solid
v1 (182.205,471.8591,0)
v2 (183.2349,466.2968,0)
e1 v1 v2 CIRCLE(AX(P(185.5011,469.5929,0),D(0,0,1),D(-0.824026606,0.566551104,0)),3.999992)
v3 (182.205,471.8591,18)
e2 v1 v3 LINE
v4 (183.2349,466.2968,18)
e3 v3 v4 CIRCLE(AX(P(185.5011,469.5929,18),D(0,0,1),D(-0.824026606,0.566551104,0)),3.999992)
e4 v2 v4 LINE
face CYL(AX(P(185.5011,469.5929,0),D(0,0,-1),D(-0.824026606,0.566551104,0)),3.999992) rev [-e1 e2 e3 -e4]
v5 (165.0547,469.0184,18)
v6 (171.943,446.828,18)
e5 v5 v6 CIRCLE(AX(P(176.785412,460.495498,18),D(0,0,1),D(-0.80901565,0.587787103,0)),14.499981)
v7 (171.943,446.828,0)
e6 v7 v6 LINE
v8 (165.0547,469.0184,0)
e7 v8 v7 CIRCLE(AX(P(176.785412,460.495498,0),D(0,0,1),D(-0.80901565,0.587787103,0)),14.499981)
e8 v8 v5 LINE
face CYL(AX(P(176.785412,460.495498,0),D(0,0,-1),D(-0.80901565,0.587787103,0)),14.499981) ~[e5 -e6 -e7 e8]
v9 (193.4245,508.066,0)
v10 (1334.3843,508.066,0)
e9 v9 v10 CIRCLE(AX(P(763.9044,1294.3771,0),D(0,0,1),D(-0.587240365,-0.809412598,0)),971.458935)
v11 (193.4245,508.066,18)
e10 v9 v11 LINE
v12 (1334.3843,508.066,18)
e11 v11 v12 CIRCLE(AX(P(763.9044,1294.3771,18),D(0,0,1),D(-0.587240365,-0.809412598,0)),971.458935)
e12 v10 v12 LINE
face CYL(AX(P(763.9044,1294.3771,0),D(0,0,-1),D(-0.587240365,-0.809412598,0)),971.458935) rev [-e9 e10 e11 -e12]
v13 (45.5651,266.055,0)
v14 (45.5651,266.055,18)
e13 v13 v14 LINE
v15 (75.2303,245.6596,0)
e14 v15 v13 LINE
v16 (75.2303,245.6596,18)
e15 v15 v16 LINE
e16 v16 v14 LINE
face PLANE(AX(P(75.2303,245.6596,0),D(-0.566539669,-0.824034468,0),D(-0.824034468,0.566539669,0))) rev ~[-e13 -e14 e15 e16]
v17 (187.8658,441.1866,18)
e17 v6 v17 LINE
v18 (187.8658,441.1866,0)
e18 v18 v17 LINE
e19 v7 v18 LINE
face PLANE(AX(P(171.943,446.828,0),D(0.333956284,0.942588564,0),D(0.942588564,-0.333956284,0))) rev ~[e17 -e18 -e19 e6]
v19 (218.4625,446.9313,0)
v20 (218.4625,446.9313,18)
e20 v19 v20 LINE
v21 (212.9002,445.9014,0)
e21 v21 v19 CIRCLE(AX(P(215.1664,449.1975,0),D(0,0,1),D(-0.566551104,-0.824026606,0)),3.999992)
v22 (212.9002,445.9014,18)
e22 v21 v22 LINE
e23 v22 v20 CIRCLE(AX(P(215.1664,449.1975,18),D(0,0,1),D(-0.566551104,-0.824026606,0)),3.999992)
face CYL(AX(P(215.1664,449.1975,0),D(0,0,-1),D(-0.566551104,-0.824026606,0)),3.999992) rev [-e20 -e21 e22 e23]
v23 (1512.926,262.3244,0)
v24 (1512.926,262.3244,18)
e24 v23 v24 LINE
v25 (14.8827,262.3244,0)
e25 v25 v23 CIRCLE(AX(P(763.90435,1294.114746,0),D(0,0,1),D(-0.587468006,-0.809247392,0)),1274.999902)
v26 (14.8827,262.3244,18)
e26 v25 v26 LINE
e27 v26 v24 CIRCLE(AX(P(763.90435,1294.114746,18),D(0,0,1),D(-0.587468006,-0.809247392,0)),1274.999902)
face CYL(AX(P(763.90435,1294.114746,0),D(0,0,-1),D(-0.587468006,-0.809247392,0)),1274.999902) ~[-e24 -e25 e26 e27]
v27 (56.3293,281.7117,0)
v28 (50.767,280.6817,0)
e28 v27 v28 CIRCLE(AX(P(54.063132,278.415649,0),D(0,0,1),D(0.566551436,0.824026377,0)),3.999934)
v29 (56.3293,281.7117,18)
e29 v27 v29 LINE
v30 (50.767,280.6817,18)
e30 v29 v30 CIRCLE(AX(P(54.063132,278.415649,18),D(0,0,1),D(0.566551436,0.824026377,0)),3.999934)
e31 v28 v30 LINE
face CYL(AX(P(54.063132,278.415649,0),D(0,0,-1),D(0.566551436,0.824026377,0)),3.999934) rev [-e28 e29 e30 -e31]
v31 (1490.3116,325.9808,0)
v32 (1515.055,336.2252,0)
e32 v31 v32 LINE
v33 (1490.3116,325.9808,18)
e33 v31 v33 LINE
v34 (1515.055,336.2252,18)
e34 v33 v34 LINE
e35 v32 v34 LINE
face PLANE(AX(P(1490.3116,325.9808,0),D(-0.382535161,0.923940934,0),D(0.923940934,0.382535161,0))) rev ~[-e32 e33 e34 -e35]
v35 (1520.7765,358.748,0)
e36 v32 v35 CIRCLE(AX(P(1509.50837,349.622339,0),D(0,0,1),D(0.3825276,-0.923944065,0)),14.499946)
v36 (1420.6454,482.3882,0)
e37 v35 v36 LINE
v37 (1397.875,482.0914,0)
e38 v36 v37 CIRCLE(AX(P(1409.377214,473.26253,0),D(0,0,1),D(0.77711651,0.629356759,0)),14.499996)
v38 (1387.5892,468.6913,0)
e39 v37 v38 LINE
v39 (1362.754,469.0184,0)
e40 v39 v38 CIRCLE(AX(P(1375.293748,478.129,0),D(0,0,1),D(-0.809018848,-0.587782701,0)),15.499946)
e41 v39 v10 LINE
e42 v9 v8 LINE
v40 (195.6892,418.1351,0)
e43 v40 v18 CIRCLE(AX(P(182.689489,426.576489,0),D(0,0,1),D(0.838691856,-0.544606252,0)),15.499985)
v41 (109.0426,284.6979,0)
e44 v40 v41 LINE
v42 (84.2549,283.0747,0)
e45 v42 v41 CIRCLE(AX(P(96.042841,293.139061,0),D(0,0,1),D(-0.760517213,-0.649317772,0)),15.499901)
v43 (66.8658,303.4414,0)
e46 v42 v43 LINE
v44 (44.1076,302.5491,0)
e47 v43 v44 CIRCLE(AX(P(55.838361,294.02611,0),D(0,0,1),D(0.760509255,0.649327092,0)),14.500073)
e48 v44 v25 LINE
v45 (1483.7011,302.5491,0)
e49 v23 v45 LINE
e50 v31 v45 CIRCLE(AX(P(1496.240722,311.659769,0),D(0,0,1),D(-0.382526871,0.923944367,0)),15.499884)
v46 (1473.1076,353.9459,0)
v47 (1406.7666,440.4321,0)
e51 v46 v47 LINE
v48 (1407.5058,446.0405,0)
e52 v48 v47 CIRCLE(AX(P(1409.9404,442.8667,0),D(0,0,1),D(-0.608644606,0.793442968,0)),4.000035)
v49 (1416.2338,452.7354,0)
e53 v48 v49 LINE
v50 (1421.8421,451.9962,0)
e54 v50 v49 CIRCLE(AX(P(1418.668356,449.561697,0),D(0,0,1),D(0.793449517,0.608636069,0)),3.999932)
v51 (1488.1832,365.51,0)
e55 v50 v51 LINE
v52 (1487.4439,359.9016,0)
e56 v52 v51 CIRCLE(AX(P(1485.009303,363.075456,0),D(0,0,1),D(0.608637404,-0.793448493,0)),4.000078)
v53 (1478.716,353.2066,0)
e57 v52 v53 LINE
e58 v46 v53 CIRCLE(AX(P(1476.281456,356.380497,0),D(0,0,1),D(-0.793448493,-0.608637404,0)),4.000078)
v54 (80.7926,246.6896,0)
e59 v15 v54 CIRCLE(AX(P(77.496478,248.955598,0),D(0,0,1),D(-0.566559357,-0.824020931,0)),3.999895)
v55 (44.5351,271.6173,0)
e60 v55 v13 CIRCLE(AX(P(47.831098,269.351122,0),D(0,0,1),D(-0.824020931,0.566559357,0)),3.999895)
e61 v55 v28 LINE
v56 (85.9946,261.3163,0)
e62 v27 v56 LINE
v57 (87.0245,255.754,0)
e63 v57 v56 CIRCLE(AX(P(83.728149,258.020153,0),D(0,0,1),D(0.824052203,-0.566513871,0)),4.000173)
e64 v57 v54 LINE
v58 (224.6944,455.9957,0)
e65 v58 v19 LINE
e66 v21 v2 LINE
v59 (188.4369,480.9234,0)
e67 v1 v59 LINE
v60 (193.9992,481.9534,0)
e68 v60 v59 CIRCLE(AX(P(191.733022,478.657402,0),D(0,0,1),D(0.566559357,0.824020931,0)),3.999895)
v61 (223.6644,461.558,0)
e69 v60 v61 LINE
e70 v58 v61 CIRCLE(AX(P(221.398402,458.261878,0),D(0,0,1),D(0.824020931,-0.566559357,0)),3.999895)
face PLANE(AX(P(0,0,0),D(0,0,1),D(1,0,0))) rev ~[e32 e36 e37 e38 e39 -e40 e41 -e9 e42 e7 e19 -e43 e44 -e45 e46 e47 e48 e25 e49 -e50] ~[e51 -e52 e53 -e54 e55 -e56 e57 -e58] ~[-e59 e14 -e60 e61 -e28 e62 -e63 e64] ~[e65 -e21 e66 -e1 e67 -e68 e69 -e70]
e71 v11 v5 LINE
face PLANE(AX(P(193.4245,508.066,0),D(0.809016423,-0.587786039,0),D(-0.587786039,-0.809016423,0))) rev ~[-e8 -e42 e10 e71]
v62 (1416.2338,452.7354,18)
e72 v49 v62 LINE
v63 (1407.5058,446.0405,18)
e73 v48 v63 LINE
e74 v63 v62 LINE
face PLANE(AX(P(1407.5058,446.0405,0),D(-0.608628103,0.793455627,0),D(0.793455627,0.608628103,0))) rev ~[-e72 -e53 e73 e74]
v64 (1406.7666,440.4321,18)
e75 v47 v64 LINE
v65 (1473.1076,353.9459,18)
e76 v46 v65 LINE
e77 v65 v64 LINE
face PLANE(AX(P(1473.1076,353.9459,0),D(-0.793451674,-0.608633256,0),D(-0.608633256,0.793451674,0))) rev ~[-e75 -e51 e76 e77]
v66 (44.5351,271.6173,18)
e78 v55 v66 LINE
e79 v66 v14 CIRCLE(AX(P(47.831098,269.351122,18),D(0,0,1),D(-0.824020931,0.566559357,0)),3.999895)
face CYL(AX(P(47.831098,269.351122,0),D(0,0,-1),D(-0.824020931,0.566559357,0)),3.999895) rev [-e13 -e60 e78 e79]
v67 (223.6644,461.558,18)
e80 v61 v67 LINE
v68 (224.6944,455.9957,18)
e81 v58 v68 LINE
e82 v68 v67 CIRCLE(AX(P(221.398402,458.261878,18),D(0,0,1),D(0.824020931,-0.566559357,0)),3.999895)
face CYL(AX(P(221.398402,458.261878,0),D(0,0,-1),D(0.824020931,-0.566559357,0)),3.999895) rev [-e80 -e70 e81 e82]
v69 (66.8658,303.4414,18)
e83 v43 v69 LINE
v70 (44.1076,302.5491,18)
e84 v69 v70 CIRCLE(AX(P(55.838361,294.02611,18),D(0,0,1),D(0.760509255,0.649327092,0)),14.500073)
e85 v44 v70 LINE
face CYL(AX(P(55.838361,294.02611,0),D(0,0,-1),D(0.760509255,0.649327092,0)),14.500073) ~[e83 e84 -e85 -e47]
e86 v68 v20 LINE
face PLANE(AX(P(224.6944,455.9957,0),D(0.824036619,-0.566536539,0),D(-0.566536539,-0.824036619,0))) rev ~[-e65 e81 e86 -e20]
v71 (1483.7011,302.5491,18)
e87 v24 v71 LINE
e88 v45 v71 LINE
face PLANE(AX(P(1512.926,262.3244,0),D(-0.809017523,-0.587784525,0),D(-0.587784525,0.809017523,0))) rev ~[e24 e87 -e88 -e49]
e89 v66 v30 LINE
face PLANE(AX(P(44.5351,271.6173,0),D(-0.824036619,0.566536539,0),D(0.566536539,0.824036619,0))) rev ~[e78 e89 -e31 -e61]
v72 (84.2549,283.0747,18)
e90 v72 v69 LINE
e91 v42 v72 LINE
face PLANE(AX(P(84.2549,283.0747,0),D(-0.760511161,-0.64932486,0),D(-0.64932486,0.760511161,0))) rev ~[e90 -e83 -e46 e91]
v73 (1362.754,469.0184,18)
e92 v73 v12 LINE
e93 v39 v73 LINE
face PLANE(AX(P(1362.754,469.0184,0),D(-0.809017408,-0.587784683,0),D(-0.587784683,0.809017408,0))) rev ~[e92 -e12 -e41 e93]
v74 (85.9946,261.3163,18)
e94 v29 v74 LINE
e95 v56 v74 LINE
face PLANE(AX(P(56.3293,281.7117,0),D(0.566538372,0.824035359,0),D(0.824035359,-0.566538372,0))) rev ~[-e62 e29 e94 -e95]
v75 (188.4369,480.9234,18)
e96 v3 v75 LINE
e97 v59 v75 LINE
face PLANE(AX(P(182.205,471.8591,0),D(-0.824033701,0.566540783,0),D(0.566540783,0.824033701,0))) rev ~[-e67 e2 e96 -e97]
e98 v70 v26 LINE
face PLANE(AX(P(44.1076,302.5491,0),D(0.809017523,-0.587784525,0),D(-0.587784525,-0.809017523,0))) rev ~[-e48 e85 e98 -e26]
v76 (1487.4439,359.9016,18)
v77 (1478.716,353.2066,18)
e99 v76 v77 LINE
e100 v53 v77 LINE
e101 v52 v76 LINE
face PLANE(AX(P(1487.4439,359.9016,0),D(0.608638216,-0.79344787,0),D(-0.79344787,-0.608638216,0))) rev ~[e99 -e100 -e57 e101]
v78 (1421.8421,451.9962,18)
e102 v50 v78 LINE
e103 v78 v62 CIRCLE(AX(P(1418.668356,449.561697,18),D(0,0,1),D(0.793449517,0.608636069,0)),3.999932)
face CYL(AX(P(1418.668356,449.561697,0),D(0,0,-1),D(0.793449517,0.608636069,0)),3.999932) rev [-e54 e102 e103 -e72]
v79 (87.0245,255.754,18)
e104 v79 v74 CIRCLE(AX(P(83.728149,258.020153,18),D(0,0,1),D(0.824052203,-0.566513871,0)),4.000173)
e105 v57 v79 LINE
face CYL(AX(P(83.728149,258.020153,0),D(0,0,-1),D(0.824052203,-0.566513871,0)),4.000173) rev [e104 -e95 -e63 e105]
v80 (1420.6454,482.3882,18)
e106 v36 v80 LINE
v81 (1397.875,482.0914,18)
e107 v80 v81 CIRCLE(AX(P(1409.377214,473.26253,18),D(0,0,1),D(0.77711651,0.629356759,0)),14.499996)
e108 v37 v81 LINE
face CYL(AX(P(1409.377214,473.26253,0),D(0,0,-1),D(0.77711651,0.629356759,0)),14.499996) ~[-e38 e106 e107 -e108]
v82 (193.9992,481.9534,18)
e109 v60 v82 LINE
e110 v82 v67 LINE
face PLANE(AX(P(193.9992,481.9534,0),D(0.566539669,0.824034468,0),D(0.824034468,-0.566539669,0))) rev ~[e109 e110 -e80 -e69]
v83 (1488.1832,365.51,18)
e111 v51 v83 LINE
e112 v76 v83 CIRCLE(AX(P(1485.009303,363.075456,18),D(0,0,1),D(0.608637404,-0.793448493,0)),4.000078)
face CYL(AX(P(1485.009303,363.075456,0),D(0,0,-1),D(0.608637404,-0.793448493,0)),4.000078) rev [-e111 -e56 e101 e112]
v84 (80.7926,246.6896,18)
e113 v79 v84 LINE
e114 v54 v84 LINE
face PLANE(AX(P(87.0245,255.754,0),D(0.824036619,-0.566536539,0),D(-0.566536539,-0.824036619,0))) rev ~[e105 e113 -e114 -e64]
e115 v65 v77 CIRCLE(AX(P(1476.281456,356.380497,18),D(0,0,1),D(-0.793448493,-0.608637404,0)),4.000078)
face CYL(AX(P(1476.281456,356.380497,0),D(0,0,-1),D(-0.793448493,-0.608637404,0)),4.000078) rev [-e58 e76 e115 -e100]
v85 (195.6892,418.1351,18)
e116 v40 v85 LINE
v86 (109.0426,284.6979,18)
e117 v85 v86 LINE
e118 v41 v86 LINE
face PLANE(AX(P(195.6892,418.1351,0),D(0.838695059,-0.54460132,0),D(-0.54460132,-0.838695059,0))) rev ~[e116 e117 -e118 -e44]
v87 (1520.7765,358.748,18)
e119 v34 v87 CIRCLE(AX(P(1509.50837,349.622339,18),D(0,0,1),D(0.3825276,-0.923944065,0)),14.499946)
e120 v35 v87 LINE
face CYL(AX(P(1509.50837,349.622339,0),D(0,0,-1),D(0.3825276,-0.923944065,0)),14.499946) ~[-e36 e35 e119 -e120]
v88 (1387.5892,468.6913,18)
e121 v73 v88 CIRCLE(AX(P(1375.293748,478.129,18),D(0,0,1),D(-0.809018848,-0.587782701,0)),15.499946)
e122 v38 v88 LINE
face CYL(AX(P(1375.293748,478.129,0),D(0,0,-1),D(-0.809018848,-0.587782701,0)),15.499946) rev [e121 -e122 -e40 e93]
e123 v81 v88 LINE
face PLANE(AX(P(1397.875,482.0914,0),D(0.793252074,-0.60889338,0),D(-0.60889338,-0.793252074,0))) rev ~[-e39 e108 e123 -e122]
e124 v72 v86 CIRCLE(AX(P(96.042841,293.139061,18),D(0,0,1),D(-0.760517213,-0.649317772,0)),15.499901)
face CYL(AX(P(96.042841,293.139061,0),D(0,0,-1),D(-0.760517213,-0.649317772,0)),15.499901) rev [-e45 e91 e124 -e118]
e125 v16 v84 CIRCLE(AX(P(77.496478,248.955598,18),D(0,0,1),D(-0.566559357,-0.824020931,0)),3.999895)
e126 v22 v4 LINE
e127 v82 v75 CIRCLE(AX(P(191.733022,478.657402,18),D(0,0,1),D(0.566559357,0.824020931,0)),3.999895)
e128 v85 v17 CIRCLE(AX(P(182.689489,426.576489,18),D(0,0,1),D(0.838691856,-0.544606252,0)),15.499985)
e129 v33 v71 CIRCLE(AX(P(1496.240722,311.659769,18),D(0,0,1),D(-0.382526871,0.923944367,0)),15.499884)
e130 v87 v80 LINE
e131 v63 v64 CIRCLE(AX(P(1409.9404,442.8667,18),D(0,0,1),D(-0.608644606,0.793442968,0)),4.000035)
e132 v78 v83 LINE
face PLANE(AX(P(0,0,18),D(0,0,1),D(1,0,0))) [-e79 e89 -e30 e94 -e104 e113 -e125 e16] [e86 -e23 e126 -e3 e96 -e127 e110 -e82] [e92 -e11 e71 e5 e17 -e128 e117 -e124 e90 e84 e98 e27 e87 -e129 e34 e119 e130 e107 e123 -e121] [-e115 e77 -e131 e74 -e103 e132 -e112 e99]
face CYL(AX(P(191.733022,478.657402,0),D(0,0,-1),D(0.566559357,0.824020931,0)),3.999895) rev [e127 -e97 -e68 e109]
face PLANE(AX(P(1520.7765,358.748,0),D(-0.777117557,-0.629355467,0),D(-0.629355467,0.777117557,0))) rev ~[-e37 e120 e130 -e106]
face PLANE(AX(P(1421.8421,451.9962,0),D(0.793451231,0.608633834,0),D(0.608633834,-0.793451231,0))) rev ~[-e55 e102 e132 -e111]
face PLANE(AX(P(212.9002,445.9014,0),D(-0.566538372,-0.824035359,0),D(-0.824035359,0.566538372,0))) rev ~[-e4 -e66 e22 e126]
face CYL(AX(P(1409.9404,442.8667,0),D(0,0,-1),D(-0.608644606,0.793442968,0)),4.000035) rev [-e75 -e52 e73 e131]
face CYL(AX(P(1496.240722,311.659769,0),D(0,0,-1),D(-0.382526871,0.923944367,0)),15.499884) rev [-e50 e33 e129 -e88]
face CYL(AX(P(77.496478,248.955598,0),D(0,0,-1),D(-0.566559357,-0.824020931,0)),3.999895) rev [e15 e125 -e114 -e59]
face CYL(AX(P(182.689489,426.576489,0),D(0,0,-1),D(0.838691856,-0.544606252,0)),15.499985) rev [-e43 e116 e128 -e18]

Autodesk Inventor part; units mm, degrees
ref_plane "YZ Plane" through (0, 0, 0) normal (1, 0, 0) x (0, 1, 0)
ref_plane "XZ Plane" through (0, 0, 0) normal (0, 1, 0) x (-1, 0, 0)
ref_plane "XY Plane" through (0, 0, 0) normal (0, 0, 1) x (1, 0, 0)
sketch "CONTOURS" plane through (0, 0, 0) normal (0, 0, 1) x (1, 0, 0)
  line L0 (1512.926, 262.3244) -> (1483.7011, 302.5491)
  arc A0 (1490.3116, 325.9808) -> (1483.7011, 302.5491) centre (1496.2408, 311.6597) ccw
  line L1 (1490.3116, 325.9808) -> (1515.055, 336.2252)
  arc A1 (1515.055, 336.2252) -> (1520.7765, 358.748) centre (1509.5083, 349.6224) ccw
  line L2 (1520.7765, 358.748) -> (1420.6454, 482.3882)
  arc A2 (1420.6454, 482.3882) -> (1397.875, 482.0914) centre (1409.3772, 473.2625) ccw
  line L3 (1397.875, 482.0914) -> (1387.5892, 468.6913)
  arc A3 (1362.754, 469.0184) -> (1387.5892, 468.6913) centre (1375.2938, 478.1291) ccw
  line L4 (1362.754, 469.0184) -> (1334.3843, 508.066)
  arc A4 (193.4245, 508.066) -> (1334.3843, 508.066) centre (763.9044, 1294.3771) ccw
  line L5 (193.4245, 508.066) -> (165.0547, 469.0184)
  arc A5 (165.0547, 469.0184) -> (171.943, 446.828) centre (176.7854, 460.4955) ccw
  line L6 (171.943, 446.828) -> (187.8658, 441.1866)
  arc A6 (195.6892, 418.1351) -> (187.8658, 441.1866) centre (182.6894, 426.5765) ccw
  line L7 (195.6892, 418.1351) -> (109.0426, 284.6979)
  arc A7 (84.2549, 283.0747) -> (109.0426, 284.6979) centre (96.0429, 293.1392) ccw
  line L8 (84.2549, 283.0747) -> (66.8658, 303.4414)
  arc A8 (66.8658, 303.4414) -> (44.1076, 302.5491) centre (55.8384, 294.0262) ccw
  line L9 (44.1076, 302.5491) -> (14.8827, 262.3244)
  arc A9 (14.8827, 262.3244) -> (1512.926, 262.3244) centre (763.9044, 1294.1149) ccw
sketch "HOLES" plane through (0, 0, 0) normal (0, 0, 1) x (1, 0, 0)
  line L0 (224.6944, 455.9957) -> (218.4625, 446.9313)
  arc A0 (212.9002, 445.9014) -> (218.4625, 446.9313) centre (215.1664, 449.1975) ccw
  line L1 (212.9002, 445.9014) -> (183.2349, 466.2968)
  arc A1 (182.205, 471.8591) -> (183.2349, 466.2968) centre (185.5011, 469.5929) ccw
  line L2 (182.205, 471.8591) -> (188.4369, 480.9234)
  arc A2 (193.9992, 481.9534) -> (188.4369, 480.9234) centre (191.733, 478.6573) ccw
  line L3 (193.9992, 481.9534) -> (223.6644, 461.558)
  arc A3 (224.6944, 455.9957) -> (223.6644, 461.558) centre (221.3983, 458.2619) ccw
  line L4 (87.0245, 255.754) -> (80.7926, 246.6896)
  arc A4 (75.2303, 245.6596) -> (80.7926, 246.6896) centre (77.4965, 248.9557) ccw
  line L5 (75.2303, 245.6596) -> (45.5651, 266.055)
  arc A5 (44.5351, 271.6173) -> (45.5651, 266.055) centre (47.8312, 269.3511) ccw
  line L6 (44.5351, 271.6173) -> (50.767, 280.6817)
  arc A6 (56.3293, 281.7117) -> (50.767, 280.6817) centre (54.0631, 278.4155) ccw
  line L7 (56.3293, 281.7117) -> (85.9946, 261.3163)
  arc A7 (87.0245, 255.754) -> (85.9946, 261.3163) centre (83.7284, 258.0201) ccw
  line L8 (1487.4439, 359.9016) -> (1478.716, 353.2066)
  arc A8 (1473.1076, 353.9459) -> (1478.716, 353.2066) centre (1476.2814, 356.3804) ccw
  line L9 (1473.1076, 353.9459) -> (1406.7666, 440.4321)
  arc A9 (1407.5058, 446.0405) -> (1406.7666, 440.4321) centre (1409.9404, 442.8667) ccw
  line L10 (1407.5058, 446.0405) -> (1416.2338, 452.7354)
  arc A10 (1421.8421, 451.9962) -> (1416.2338, 452.7354) centre (1418.6683, 449.5616) ccw
  line L11 (1421.8421, 451.9962) -> (1488.1832, 365.51)
  arc A11 (1487.4439, 359.9016) -> (1488.1832, 365.51) centre (1485.0094, 363.0754) ccw
sketch "LETTERS" plane through (0, 0, 0) normal (0, 0, 1) x (1, 0, 0)
  line L0 (221.0345, 299.5651) -> (214.0787, 303.3807)
  line L1 (214.0787, 303.3807) -> (223.8436, 320.6336)
  line L2 (223.8436, 320.6336) -> (229.7881, 317.2691)
  line L3 (232.463, 314.1509) -> (232.5322, 313.9591)
  line L4 (232.5322, 313.9591) -> (232.5968, 313.7631)
  line L5 (232.5968, 313.7631) -> (232.6568, 313.5633)
  line L6 (232.6568, 313.5633) -> (232.7121, 313.3597)
  line L7 (232.7121, 313.3597) -> (232.7625, 313.1525)
  line L8 (232.7625, 313.1525) -> (232.8082, 312.942)
  line L9 (232.8082, 312.942) -> (232.8489, 312.7282)
  line L10 (232.8489, 312.7282) -> (232.8846, 312.5116)
  line L11 (232.8846, 312.5116) -> (232.9153, 312.2921)
  line L12 (232.9153, 312.2921) -> (232.941, 312.0702)
  line L13 (232.941, 312.0702) -> (232.9616, 311.8459)
  line L14 (232.9616, 311.8459) -> (232.9772, 311.6196)
  line L15 (232.9772, 311.6196) -> (232.9877, 311.3915)
  line L16 (232.9877, 311.3915) -> (232.9931, 311.1618)
  line L17 (232.9931, 311.1618) -> (232.9936, 310.9307)
  line L18 (232.9936, 310.9307) -> (232.989, 310.6985)
  line L19 (232.989, 310.6985) -> (232.9795, 310.4654)
  line L20 (232.9795, 310.4654) -> (232.9651, 310.2317)
  line L21 (232.9651, 310.2317) -> (232.9458, 309.9975)
  line L22 (232.9458, 309.9975) -> (232.9218, 309.7632)
  line L23 (232.9218, 309.7632) -> (232.8931, 309.529)
  line L24 (232.8931, 309.529) -> (232.8598, 309.295)
  line L25 (232.8598, 309.295) -> (232.8219, 309.0616)
  line L26 (232.8219, 309.0616) -> (232.7797, 308.8289)
  line L27 (232.7797, 308.8289) -> (232.7331, 308.5971)
  line L28 (232.7331, 308.5971) -> (232.6823, 308.3664)
  line L29 (232.6823, 308.3664) -> (232.6274, 308.1371)
  line L30 (232.6274, 308.1371) -> (232.5686, 307.9094)
  line L31 (232.5686, 307.9094) -> (232.4396, 307.4592)
  line L32 (232.4396, 307.4592) -> (232.2964, 307.0174)
  line L33 (232.2964, 307.0174) -> (232.14, 306.585)
  line L34 (232.14, 306.585) -> (231.9716, 306.1633)
  line L35 (231.9716, 306.1633) -> (231.7923, 305.7532)
  line L36 (231.6033, 305.3555) -> (231.402, 304.9639)
  line L37 (231.402, 304.9639) -> (231.185, 304.5725)
  line L38 (231.185, 304.5725) -> (230.9521, 304.1826)
  line L39 (230.9521, 304.1826) -> (230.7035, 303.7959)
  line L40 (230.7035, 303.7959) -> (230.4394, 303.4138)
  line L41 (230.4394, 303.4138) -> (230.16, 303.038)
  line L42 (230.16, 303.038) -> (230.0147, 302.853)
  line L43 (230.0147, 302.853) -> (229.8658, 302.6702)
  line L44 (229.8658, 302.6702) -> (229.7134, 302.4898)
  line L45 (229.7134, 302.4898) -> (229.5575, 302.3121)
  line L46 (229.5575, 302.3121) -> (229.3982, 302.1372)
  line L47 (229.3982, 302.1372) -> (229.2357, 301.9654)
  line L48 (229.2357, 301.9654) -> (229.07, 301.7969)
  line L49 (229.07, 301.7969) -> (228.9013, 301.6319)
  line L50 (228.9013, 301.6319) -> (228.7297, 301.4705)
  line L51 (228.7297, 301.4705) -> (228.5554, 301.3131)
  line L52 (228.5554, 301.3131) -> (228.3784, 301.1597)
  line L53 (228.3784, 301.1597) -> (228.1989, 301.0107)
  line L54 (228.1989, 301.0107) -> (228.0172, 300.8661)
  line L55 (228.0172, 300.8661) -> (227.8333, 300.7261)
  line L56 (227.8333, 300.7261) -> (227.6474, 300.591)
  line L57 (227.6474, 300.591) -> (227.4598, 300.4608)
  line L58 (227.4598, 300.4608) -> (227.2705, 300.3358)
  line L59 (227.2705, 300.3358) -> (227.0798, 300.2161)
  line L60 (227.0798, 300.2161) -> (226.8878, 300.1017)
  line L61 (226.8878, 300.1017) -> (226.6948, 299.9929)
  line L62 (229.9244, 317.199) -> (230.0598, 317.1238)
  line L63 (230.0598, 317.1238) -> (230.1939, 317.0436)
  line L64 (230.1939, 317.0436) -> (230.3268, 316.9582)
  line L65 (230.3268, 316.9582) -> (230.4581, 316.8676)
  line L66 (230.4581, 316.8676) -> (230.5878, 316.7718)
  line L67 (230.5878, 316.7718) -> (230.7158, 316.6707)
  line L68 (231.7923, 305.7532) -> (231.6033, 305.3555)
  line L69 (230.7158, 316.6707) -> (230.8417, 316.5642)
  line L70 (230.8417, 316.5642) -> (230.9656, 316.4525)
  line L71 (230.9656, 316.4525) -> (231.0872, 316.3353)
  line L72 (231.0872, 316.3353) -> (231.2064, 316.2128)
  line L73 (231.2064, 316.2128) -> (231.3229, 316.085)
  line L74 (221.173, 299.4993) -> (221.0345, 299.5651)
  line L75 (231.3229, 316.085) -> (231.4367, 315.9518)
  line L76 (231.4367, 315.9518) -> (231.5476, 315.8134)
  line L77 (231.5476, 315.8134) -> (231.6554, 315.6696)
  line L78 (231.6554, 315.6696) -> (231.76, 315.5207)
  line L79 (229.7881, 317.2691) -> (229.9244, 317.199)
  line L80 (231.76, 315.5207) -> (231.8612, 315.3665)
  line L81 (231.8612, 315.3665) -> (231.9589, 315.2073)
  line L82 (231.9589, 315.2073) -> (232.0529, 315.0431)
  line L83 (232.0529, 315.0431) -> (232.1431, 314.874)
  line L84 (232.1431, 314.874) -> (232.2293, 314.7001)
  line L85 (232.2293, 314.7001) -> (232.3115, 314.5216)
  line L86 (232.3115, 314.5216) -> (232.3894, 314.3384)
  line L87 (232.3894, 314.3384) -> (232.463, 314.1509)
  line L88 (221.3149, 299.4374) -> (221.173, 299.4993)
  line L89 (221.4601, 299.3795) -> (221.3149, 299.4374)
  line L90 (221.6085, 299.3258) -> (221.4601, 299.3795)
  line L91 (221.7603, 299.2764) -> (221.6085, 299.3258)
  line L92 (221.9152, 299.2315) -> (221.7603, 299.2764)
  line L93 (222.0732, 299.1913) -> (221.9152, 299.2315)
  line L94 (222.2342, 299.1558) -> (222.0732, 299.1913)
  line L95 (222.3983, 299.1252) -> (222.2342, 299.1558)
  line L96 (222.5652, 299.0997) -> (222.3983, 299.1252)
  line L97 (222.7348, 299.0794) -> (222.5652, 299.0997)
  line L98 (222.9072, 299.0644) -> (222.7348, 299.0794)
  line L99 (223.0821, 299.0548) -> (222.9072, 299.0644)
  line L100 (223.2595, 299.0507) -> (223.0821, 299.0548)
  line L101 (223.4391, 299.0523) -> (223.2595, 299.0507)
  line L102 (223.621, 299.0597) -> (223.4391, 299.0523)
  line L103 (223.8049, 299.0728) -> (223.621, 299.0597)
  line L104 (223.9907, 299.0918) -> (223.8049, 299.0728)
  line L105 (224.1783, 299.1168) -> (223.9907, 299.0918)
  line L106 (224.3674, 299.1478) -> (224.1783, 299.1168)
  line L107 (224.5579, 299.1849) -> (224.3674, 299.1478)
  line L108 (224.7497, 299.228) -> (224.5579, 299.1849)
  line L109 (224.9425, 299.2773) -> (224.7497, 299.228)
  line L110 (225.1362, 299.3327) -> (224.9425, 299.2773)
  line L111 (225.3306, 299.3942) -> (225.1362, 299.3327)
  line L112 (225.5256, 299.4618) -> (225.3306, 299.3942)
  line L113 (225.7208, 299.5354) -> (225.5256, 299.4618)
  line L114 (225.9161, 299.6151) -> (225.7208, 299.5354)
  line L115 (226.1114, 299.7008) -> (225.9161, 299.6151)
  line L116 (226.3064, 299.7923) -> (226.1114, 299.7008)
  line L117 (226.5009, 299.8898) -> (226.3064, 299.7923)
  line L118 (226.6948, 299.9929) -> (226.5009, 299.8898)
extrude "Extrusion1" add sketch "CONTOURS" along normal blind 18
extrude "Extrusion2" cut sketch "HOLES" along normal blind 18
properties part number "Platform D3" material "Wood (Birch)"
